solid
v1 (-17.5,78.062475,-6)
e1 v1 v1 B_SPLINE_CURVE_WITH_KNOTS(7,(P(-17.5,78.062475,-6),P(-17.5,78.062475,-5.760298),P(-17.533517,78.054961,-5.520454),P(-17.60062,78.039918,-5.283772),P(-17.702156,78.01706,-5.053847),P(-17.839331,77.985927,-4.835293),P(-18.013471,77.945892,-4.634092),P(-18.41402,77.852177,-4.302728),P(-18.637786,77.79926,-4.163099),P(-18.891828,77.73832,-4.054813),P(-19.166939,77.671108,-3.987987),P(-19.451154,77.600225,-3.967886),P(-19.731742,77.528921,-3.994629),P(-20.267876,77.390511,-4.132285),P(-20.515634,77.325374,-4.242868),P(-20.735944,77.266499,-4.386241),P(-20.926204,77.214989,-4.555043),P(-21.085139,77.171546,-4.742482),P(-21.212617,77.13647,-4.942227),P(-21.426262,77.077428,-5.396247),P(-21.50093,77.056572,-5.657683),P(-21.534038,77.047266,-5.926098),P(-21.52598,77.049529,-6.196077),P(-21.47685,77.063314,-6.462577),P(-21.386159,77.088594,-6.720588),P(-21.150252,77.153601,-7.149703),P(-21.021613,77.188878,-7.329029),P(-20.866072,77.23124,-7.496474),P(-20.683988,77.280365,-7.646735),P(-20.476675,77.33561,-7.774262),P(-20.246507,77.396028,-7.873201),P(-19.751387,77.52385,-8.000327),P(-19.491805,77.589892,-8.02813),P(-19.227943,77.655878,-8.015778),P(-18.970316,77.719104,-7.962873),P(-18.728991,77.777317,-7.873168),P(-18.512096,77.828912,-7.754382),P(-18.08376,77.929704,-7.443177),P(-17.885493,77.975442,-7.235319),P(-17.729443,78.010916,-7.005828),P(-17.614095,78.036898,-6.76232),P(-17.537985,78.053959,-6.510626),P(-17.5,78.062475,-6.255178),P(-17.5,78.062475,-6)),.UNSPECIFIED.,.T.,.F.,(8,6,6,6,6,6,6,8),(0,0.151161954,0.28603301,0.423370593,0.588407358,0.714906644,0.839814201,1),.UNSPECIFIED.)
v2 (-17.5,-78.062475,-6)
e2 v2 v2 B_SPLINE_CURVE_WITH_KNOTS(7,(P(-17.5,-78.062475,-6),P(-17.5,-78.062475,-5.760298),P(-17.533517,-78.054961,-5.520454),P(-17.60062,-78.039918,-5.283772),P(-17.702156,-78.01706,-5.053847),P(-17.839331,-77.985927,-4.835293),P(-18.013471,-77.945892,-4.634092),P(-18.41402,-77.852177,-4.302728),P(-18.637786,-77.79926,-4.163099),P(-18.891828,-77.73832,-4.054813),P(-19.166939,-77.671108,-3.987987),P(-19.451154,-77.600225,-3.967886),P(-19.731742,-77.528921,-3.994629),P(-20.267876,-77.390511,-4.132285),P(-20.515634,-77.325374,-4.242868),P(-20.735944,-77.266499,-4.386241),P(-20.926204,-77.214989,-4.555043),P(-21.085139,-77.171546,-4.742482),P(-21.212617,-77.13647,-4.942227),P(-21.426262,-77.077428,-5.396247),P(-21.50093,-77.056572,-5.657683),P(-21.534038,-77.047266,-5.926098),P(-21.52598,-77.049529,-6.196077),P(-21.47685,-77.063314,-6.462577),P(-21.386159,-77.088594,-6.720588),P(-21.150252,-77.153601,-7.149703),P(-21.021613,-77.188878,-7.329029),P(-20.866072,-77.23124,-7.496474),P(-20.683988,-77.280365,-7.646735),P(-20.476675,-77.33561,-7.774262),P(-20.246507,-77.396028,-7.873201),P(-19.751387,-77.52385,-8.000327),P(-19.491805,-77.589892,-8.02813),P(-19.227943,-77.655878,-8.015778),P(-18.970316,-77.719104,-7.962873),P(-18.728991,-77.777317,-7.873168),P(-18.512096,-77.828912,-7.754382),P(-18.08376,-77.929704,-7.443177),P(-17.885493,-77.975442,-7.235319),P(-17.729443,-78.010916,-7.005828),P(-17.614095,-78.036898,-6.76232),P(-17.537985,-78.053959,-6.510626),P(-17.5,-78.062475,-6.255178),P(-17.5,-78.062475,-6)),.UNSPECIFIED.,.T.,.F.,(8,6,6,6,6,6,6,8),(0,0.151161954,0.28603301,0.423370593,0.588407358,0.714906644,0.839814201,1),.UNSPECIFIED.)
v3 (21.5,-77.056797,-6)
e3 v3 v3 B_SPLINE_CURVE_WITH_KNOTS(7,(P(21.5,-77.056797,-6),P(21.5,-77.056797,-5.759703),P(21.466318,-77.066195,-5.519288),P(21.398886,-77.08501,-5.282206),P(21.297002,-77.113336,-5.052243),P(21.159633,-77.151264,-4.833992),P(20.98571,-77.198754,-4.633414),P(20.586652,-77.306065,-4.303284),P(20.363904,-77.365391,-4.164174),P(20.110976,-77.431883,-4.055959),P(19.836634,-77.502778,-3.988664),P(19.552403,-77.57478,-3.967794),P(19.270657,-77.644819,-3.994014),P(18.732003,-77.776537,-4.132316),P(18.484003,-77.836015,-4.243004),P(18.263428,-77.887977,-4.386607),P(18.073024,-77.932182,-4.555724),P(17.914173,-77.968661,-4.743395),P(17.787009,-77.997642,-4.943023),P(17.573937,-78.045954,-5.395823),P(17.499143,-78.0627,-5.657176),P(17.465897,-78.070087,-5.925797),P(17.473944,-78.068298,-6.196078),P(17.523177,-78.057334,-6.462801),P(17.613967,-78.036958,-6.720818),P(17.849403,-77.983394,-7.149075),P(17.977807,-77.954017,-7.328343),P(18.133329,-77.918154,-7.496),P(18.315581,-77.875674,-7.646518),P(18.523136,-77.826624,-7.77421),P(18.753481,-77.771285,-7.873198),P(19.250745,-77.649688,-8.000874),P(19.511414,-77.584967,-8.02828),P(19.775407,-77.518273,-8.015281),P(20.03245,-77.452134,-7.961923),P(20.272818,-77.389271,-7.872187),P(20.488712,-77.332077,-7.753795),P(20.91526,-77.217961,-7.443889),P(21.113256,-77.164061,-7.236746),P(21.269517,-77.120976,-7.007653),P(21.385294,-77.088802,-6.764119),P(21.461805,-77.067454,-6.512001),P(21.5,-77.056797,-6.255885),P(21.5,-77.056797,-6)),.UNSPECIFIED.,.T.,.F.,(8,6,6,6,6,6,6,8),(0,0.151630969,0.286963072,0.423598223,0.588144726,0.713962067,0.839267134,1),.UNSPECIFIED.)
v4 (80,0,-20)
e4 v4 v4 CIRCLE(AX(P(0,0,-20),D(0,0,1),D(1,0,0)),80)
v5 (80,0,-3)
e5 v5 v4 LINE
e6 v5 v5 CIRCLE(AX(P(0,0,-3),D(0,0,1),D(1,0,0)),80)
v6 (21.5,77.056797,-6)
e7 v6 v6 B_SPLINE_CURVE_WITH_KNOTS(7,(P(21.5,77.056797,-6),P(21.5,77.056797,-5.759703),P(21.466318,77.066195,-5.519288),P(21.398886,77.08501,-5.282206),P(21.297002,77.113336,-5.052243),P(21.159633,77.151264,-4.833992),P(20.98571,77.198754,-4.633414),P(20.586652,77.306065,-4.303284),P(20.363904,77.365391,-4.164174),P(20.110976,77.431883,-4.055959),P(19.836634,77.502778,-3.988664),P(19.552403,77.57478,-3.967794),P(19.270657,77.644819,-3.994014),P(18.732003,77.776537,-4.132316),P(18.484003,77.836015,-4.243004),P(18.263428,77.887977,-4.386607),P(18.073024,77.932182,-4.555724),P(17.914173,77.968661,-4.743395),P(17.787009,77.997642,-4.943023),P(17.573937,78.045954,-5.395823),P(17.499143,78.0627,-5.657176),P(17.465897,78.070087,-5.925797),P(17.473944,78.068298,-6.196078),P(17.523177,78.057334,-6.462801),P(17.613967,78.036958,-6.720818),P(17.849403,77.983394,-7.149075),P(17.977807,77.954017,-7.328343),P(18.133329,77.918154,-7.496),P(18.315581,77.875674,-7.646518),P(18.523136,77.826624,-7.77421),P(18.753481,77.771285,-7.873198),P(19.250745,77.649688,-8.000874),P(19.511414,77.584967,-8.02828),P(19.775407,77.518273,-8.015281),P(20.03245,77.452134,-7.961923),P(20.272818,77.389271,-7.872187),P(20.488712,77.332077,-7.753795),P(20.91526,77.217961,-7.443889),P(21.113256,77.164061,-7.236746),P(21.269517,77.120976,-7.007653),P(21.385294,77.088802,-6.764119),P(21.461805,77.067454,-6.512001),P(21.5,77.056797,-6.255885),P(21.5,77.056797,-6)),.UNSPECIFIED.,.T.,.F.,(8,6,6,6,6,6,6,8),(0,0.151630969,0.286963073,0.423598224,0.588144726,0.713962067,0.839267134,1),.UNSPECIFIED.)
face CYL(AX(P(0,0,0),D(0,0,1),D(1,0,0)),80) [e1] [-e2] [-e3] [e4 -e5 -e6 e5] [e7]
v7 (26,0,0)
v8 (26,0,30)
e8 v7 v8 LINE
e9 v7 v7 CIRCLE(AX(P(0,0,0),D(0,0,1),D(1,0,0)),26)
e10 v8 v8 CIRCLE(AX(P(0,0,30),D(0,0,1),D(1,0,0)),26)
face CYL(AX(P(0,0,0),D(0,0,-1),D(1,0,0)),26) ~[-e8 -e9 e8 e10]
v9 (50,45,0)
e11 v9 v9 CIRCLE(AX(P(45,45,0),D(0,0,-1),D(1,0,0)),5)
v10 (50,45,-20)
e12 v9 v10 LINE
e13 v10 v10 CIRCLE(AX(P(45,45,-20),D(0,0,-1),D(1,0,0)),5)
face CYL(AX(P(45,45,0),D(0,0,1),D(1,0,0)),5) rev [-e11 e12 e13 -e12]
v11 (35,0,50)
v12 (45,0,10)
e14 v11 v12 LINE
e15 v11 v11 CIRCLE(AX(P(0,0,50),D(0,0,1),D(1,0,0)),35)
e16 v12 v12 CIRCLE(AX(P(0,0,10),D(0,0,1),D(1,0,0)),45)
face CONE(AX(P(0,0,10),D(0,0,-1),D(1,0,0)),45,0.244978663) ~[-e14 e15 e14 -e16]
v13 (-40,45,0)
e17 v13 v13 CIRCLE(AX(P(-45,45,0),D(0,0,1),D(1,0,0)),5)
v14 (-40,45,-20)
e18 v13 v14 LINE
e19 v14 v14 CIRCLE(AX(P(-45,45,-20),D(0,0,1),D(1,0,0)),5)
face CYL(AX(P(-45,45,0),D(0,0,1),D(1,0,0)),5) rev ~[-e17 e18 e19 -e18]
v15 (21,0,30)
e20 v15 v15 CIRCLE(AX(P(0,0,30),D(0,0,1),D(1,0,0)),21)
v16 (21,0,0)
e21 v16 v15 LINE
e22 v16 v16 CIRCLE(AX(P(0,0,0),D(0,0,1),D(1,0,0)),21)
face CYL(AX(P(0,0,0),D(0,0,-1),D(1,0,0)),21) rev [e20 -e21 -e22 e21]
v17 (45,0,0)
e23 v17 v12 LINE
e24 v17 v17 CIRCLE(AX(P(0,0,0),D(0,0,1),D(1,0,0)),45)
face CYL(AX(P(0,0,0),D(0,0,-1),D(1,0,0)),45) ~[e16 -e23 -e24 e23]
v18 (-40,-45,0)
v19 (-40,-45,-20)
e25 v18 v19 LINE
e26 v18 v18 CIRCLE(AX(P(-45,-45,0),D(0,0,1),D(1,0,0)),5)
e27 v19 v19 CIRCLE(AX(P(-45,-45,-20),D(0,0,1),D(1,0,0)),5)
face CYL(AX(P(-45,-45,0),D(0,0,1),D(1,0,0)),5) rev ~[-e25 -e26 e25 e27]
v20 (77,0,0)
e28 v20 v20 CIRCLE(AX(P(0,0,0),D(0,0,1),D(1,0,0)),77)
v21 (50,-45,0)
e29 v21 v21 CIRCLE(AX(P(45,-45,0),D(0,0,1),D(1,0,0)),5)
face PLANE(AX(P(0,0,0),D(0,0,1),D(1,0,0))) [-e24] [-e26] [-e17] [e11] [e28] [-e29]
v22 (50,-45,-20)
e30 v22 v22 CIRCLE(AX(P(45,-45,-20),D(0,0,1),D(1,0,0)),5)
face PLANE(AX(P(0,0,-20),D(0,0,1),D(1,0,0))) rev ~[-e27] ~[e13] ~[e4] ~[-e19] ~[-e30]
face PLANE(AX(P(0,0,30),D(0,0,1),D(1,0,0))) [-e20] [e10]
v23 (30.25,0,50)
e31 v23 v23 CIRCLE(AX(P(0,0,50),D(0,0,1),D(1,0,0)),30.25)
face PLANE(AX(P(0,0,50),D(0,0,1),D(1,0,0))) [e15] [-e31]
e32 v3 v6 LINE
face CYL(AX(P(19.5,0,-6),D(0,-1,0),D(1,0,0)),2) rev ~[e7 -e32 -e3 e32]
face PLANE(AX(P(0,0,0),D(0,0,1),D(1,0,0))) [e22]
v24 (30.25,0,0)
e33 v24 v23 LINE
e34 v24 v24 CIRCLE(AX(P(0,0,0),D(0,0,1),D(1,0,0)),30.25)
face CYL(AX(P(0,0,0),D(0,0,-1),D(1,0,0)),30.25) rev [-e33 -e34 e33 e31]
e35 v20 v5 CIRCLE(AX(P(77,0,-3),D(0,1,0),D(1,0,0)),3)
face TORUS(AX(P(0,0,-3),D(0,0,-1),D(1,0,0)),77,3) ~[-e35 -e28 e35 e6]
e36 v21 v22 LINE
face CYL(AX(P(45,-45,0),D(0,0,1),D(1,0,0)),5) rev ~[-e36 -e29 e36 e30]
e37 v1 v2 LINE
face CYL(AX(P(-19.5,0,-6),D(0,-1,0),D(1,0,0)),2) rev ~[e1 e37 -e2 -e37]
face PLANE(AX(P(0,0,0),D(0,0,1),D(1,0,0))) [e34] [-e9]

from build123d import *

# Parameters (mm, degrees)
F0_R     = 45
F0_R_2   = 30.25
F1_DEPTH = 50
F2_R     = 80
F2_R_2   = 5
F3_DEPTH = 20
F4_R     = 26
F4_R_2   = 21
F5_DEPTH = 30
F6_SIZE2 = 40
F6_SIZE  = 10
F7_R     = 2
F8_DEPTH = 85
F9_R     = 3


with BuildPart() as f1:
    # F0 (on Top) → F1 (new body)
    with BuildSketch(Plane.XY):
        Circle(F0_R)
        Circle(F0_R_2, mode=Mode.SUBTRACT)
    extrude(amount=F1_DEPTH)

    # F2 (on Top) → F3 (join)
    with BuildSketch(Plane.XY):
        Circle(F2_R)
        with Locations((-45, -45)):
            Circle(F2_R_2, mode=Mode.SUBTRACT)
        with Locations((45, -45)):
            Circle(F2_R_2, mode=Mode.SUBTRACT)
        with Locations((-45, 45)):
            Circle(F2_R_2, mode=Mode.SUBTRACT)
        with BuildLine():
            ThreePointArc((40, 45), (45, 50), (50, 45))
            ThreePointArc((50, 45), (45, 40), (40, 45))
        make_face(mode=Mode.SUBTRACT)
    extrude(amount=-F3_DEPTH)

    # F4 (on Top) → F5 (join)
    with BuildSketch(Plane.XY):
        Circle(F4_R)
        Circle(F4_R_2, mode=Mode.SUBTRACT)
    extrude(amount=F5_DEPTH)

    # F6
    f6_edges = [f1.edges().sort_by_distance(p)[0] for p in [
        (-45, 0, 50),
    ]]
    f6_side = f1.faces().sort_by_distance((-43.727208, 0, 50))[0]
    chamfer(f6_edges, length=F6_SIZE, length2=F6_SIZE2, reference=f6_side)

    # F7 (on Front) → F8 (cut, symmetric)
    with BuildSketch(Plane.XZ):
        with BuildLine():
            ThreePointArc((17.5, -6), (19.5, -8), (21.5, -6))
            ThreePointArc((21.5, -6), (19.5, -4), (17.5, -6))
        make_face()
        with Locations((-19.5, -6)):
            Circle(F7_R)
    extrude(amount=F8_DEPTH, both=True, mode=Mode.SUBTRACT)

    # F9
    f9_edges = [f1.edges().sort_by_distance(p)[0] for p in [
        (-80, 0, 0),
    ]]
    fillet(f9_edges, radius=F9_R)


solid = f1.part
